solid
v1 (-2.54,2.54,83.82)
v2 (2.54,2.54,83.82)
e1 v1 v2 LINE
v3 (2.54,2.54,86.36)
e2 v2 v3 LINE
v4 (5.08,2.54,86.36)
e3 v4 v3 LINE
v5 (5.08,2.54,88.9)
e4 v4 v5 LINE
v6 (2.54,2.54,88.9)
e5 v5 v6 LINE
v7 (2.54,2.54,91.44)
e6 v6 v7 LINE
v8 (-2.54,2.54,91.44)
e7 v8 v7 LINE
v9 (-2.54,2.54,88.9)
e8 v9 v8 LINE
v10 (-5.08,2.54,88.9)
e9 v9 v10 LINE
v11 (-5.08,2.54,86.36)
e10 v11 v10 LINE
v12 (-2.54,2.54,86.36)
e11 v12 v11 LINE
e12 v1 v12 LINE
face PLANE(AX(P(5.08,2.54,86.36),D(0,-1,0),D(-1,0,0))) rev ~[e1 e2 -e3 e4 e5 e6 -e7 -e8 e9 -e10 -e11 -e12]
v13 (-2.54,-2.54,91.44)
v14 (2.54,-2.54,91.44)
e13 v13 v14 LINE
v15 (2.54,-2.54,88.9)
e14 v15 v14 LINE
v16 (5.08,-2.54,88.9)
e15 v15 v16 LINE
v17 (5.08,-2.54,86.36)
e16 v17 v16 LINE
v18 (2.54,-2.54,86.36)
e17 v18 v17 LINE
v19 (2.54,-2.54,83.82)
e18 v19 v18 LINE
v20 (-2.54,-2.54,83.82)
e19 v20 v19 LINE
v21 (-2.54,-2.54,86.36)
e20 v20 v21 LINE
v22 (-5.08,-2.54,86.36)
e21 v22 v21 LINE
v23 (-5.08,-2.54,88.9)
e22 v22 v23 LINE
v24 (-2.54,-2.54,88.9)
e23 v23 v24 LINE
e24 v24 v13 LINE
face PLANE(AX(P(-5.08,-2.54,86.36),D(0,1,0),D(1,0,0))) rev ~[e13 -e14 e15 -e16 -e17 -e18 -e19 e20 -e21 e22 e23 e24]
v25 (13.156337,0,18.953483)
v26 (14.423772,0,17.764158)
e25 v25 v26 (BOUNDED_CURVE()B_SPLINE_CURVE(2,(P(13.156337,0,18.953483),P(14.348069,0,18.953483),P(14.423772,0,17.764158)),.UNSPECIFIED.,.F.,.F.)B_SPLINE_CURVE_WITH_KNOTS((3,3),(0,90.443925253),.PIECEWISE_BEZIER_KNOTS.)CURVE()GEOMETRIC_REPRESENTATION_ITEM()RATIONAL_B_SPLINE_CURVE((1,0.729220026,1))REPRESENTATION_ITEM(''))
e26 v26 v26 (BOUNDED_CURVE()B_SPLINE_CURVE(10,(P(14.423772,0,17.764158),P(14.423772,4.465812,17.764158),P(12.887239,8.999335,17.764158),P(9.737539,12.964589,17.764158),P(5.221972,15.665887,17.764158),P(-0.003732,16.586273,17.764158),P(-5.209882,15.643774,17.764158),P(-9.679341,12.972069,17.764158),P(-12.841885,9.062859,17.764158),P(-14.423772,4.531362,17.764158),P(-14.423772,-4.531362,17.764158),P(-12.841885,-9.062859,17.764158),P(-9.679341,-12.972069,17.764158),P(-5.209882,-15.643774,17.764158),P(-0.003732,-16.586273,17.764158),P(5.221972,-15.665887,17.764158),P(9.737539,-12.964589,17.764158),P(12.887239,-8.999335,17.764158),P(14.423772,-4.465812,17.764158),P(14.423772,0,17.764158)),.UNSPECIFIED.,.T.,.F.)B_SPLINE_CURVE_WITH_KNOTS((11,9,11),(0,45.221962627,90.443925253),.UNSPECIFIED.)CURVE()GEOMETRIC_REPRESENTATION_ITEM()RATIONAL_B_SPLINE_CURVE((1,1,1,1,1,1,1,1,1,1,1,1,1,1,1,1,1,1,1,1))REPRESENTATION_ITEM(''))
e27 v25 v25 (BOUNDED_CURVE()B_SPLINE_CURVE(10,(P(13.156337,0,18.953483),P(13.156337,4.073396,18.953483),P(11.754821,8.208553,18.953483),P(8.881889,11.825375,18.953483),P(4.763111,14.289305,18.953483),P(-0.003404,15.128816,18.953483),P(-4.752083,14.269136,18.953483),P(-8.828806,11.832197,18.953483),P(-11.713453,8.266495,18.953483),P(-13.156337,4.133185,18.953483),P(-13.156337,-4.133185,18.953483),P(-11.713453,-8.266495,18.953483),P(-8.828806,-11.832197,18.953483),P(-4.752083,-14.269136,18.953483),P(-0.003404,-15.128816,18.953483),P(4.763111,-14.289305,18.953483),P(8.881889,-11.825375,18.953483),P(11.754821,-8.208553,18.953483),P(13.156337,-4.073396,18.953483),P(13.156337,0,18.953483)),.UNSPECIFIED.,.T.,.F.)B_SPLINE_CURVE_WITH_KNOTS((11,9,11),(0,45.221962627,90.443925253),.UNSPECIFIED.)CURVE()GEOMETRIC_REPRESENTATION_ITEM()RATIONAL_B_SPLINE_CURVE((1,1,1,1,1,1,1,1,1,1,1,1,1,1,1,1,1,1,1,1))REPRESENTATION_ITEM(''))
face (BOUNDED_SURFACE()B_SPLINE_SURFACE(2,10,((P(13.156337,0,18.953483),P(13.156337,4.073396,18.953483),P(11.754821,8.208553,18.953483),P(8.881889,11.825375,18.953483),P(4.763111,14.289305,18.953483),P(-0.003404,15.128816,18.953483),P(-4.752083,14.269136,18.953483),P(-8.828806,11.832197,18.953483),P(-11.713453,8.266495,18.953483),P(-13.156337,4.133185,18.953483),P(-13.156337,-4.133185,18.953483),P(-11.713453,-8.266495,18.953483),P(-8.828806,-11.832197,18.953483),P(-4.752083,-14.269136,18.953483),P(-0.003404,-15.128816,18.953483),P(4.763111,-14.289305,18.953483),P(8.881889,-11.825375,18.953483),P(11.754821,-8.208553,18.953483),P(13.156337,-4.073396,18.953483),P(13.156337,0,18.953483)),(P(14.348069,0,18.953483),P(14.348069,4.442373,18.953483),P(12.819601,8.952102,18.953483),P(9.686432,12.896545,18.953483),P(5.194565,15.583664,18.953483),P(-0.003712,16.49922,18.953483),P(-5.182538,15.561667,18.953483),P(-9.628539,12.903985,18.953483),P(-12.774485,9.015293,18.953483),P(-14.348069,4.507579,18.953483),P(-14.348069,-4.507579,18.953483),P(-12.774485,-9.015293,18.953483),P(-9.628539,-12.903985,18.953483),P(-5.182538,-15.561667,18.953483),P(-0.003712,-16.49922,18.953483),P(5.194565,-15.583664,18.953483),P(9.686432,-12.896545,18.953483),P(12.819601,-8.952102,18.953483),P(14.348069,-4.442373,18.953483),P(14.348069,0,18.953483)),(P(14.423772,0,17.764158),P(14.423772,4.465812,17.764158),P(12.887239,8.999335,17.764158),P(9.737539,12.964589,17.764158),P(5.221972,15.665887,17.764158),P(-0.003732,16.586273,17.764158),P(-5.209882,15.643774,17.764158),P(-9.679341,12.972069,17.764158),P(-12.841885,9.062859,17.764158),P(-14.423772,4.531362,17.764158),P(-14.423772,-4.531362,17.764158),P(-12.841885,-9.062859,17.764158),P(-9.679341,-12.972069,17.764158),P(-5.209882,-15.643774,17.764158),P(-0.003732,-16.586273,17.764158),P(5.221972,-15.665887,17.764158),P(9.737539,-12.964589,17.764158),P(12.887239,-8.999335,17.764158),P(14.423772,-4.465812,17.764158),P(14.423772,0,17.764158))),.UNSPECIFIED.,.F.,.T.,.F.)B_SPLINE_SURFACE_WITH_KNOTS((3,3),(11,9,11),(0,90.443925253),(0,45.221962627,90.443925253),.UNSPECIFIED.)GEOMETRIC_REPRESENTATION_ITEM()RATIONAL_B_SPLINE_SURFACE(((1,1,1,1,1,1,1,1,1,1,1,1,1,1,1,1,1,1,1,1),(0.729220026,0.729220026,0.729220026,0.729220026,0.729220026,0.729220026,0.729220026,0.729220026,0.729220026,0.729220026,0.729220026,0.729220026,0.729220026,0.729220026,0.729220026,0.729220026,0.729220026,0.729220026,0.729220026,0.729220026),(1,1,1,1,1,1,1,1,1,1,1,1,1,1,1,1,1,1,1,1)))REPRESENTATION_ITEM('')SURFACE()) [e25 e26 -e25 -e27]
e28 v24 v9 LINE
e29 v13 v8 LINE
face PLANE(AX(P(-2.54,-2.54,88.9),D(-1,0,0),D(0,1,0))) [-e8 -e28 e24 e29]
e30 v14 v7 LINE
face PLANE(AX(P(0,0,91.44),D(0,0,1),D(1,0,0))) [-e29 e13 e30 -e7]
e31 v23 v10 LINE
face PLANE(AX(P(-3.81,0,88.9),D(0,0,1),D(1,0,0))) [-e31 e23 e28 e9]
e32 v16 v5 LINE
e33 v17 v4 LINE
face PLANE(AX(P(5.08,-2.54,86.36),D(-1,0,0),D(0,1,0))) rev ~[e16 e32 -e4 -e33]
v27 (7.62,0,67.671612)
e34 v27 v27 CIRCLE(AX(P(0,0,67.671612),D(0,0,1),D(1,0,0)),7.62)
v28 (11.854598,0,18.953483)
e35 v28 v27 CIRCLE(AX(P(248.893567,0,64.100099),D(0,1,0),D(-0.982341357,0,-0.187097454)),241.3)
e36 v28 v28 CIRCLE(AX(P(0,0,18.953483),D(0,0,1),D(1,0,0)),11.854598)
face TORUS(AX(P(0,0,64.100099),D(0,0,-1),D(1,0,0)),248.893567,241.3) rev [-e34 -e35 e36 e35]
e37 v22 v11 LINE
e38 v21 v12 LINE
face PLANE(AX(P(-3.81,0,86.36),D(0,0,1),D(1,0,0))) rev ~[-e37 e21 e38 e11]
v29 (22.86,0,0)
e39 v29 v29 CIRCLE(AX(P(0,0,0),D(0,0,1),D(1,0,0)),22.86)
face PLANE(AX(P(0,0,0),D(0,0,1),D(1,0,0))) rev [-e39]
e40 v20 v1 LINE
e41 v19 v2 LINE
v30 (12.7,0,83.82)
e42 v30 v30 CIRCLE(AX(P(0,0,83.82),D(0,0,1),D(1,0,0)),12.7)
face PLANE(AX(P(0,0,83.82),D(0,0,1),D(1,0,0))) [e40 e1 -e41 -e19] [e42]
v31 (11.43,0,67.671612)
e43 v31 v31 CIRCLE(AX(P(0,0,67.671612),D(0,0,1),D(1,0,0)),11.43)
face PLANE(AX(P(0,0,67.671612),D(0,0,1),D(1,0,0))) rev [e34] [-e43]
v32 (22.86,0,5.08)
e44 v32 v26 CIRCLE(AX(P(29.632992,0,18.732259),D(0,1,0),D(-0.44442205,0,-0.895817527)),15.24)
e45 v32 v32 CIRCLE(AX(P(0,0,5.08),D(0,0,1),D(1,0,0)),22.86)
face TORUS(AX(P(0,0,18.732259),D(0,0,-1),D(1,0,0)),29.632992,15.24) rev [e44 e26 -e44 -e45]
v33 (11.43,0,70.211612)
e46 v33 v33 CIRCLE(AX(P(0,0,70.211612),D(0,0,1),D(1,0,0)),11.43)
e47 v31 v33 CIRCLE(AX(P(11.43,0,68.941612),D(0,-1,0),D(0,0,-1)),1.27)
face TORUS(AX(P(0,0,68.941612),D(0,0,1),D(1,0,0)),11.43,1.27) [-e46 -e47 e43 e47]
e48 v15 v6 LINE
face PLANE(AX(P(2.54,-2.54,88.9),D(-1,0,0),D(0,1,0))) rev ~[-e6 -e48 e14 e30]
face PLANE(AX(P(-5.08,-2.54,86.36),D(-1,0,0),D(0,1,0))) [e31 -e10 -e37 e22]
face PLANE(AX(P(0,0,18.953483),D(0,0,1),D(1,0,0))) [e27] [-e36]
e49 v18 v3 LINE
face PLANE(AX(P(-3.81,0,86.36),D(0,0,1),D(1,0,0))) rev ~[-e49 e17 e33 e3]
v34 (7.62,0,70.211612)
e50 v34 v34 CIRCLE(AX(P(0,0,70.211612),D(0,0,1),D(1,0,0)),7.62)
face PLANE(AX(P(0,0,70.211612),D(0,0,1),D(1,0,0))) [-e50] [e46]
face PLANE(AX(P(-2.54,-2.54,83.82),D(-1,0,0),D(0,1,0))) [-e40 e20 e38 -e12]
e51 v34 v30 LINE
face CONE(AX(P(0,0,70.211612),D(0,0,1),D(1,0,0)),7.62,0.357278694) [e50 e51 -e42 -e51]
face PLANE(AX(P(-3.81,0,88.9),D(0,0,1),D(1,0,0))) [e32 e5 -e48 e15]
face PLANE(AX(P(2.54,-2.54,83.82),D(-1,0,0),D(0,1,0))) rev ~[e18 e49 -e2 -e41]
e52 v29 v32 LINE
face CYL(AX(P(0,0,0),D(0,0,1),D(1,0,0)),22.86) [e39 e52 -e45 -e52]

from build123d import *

# Parameters (mm, degrees)
F2_W     = 5.08
F2_H     = 5.08
F3_DEPTH = 2.54
F4_W     = 2.54
F4_H     = 5.08
F4_W_2   = 5.08
F5_DEPTH = 2.54
F6_W     = 5.08
F6_H     = 5.08
F7_DEPTH = 2.54
F8_R     = 1.27


with BuildPart() as f1:
    # F0 (on Front) → F1 (revolve)
    with BuildSketch(Plane.XZ):
        with BuildLine():
            Line((0, 83.82), (0, 0))
            Line((0, 0), (22.86, 0))
            Line((22.86, 0), (22.86, 5.08))
            ThreePointArc((22.86, 5.08), (16.6236237238, 10.7941273506), (14.3945977767, 18.9534829479))
            Line((14.3945977767, 18.9534829479), (11.8545977767, 18.9534829479))
            ThreePointArc((11.8545977767, 18.9534829479), (8.4999635218, 43.2049976701), (7.62, 67.6716116881))
            Line((7.62, 67.6716116881), (11.43, 67.6716116881))
            ThreePointArc((11.43, 67.6716116881), (12.7, 68.9416116881), (11.43, 70.2116116881))
            Line((11.43, 70.2116116881), (7.62, 70.2116116881))
            Line((7.62, 70.2116116881), (12.7, 83.82))
            Line((12.7, 83.82), (0, 83.82))
        make_face()
    revolve(axis=Axis((0, 0, 41.91), (0, 0, 1)))

    # F2 (on face) → F3 (join)
    with BuildSketch(Plane.XY.offset(83.82)):
        Rectangle(F2_W, F2_H)
    extrude(amount=F3_DEPTH)

    # F4 (on face) → F5 (join)
    with BuildSketch(Plane.XY.offset(86.36)):
        with Locations((-3.81, 0)):
            Rectangle(F4_W, F4_H)
        Rectangle(F4_W_2, F4_H)
        with Locations((3.81, 0)):
            Rectangle(F4_W, F4_H)
    extrude(amount=F5_DEPTH)

    # F6 (on face) → F7 (join)
    with BuildSketch(Plane.XY.offset(88.9)):
        Rectangle(F6_W, F6_H)
    extrude(amount=F7_DEPTH)

    # F8
    f8_edges = [f1.edges().sort_by_distance(p)[0] for p in [
        (-14.394598, 0, 18.953483),
    ]]
    fillet(f8_edges, radius=F8_R)


solid = f1.part
